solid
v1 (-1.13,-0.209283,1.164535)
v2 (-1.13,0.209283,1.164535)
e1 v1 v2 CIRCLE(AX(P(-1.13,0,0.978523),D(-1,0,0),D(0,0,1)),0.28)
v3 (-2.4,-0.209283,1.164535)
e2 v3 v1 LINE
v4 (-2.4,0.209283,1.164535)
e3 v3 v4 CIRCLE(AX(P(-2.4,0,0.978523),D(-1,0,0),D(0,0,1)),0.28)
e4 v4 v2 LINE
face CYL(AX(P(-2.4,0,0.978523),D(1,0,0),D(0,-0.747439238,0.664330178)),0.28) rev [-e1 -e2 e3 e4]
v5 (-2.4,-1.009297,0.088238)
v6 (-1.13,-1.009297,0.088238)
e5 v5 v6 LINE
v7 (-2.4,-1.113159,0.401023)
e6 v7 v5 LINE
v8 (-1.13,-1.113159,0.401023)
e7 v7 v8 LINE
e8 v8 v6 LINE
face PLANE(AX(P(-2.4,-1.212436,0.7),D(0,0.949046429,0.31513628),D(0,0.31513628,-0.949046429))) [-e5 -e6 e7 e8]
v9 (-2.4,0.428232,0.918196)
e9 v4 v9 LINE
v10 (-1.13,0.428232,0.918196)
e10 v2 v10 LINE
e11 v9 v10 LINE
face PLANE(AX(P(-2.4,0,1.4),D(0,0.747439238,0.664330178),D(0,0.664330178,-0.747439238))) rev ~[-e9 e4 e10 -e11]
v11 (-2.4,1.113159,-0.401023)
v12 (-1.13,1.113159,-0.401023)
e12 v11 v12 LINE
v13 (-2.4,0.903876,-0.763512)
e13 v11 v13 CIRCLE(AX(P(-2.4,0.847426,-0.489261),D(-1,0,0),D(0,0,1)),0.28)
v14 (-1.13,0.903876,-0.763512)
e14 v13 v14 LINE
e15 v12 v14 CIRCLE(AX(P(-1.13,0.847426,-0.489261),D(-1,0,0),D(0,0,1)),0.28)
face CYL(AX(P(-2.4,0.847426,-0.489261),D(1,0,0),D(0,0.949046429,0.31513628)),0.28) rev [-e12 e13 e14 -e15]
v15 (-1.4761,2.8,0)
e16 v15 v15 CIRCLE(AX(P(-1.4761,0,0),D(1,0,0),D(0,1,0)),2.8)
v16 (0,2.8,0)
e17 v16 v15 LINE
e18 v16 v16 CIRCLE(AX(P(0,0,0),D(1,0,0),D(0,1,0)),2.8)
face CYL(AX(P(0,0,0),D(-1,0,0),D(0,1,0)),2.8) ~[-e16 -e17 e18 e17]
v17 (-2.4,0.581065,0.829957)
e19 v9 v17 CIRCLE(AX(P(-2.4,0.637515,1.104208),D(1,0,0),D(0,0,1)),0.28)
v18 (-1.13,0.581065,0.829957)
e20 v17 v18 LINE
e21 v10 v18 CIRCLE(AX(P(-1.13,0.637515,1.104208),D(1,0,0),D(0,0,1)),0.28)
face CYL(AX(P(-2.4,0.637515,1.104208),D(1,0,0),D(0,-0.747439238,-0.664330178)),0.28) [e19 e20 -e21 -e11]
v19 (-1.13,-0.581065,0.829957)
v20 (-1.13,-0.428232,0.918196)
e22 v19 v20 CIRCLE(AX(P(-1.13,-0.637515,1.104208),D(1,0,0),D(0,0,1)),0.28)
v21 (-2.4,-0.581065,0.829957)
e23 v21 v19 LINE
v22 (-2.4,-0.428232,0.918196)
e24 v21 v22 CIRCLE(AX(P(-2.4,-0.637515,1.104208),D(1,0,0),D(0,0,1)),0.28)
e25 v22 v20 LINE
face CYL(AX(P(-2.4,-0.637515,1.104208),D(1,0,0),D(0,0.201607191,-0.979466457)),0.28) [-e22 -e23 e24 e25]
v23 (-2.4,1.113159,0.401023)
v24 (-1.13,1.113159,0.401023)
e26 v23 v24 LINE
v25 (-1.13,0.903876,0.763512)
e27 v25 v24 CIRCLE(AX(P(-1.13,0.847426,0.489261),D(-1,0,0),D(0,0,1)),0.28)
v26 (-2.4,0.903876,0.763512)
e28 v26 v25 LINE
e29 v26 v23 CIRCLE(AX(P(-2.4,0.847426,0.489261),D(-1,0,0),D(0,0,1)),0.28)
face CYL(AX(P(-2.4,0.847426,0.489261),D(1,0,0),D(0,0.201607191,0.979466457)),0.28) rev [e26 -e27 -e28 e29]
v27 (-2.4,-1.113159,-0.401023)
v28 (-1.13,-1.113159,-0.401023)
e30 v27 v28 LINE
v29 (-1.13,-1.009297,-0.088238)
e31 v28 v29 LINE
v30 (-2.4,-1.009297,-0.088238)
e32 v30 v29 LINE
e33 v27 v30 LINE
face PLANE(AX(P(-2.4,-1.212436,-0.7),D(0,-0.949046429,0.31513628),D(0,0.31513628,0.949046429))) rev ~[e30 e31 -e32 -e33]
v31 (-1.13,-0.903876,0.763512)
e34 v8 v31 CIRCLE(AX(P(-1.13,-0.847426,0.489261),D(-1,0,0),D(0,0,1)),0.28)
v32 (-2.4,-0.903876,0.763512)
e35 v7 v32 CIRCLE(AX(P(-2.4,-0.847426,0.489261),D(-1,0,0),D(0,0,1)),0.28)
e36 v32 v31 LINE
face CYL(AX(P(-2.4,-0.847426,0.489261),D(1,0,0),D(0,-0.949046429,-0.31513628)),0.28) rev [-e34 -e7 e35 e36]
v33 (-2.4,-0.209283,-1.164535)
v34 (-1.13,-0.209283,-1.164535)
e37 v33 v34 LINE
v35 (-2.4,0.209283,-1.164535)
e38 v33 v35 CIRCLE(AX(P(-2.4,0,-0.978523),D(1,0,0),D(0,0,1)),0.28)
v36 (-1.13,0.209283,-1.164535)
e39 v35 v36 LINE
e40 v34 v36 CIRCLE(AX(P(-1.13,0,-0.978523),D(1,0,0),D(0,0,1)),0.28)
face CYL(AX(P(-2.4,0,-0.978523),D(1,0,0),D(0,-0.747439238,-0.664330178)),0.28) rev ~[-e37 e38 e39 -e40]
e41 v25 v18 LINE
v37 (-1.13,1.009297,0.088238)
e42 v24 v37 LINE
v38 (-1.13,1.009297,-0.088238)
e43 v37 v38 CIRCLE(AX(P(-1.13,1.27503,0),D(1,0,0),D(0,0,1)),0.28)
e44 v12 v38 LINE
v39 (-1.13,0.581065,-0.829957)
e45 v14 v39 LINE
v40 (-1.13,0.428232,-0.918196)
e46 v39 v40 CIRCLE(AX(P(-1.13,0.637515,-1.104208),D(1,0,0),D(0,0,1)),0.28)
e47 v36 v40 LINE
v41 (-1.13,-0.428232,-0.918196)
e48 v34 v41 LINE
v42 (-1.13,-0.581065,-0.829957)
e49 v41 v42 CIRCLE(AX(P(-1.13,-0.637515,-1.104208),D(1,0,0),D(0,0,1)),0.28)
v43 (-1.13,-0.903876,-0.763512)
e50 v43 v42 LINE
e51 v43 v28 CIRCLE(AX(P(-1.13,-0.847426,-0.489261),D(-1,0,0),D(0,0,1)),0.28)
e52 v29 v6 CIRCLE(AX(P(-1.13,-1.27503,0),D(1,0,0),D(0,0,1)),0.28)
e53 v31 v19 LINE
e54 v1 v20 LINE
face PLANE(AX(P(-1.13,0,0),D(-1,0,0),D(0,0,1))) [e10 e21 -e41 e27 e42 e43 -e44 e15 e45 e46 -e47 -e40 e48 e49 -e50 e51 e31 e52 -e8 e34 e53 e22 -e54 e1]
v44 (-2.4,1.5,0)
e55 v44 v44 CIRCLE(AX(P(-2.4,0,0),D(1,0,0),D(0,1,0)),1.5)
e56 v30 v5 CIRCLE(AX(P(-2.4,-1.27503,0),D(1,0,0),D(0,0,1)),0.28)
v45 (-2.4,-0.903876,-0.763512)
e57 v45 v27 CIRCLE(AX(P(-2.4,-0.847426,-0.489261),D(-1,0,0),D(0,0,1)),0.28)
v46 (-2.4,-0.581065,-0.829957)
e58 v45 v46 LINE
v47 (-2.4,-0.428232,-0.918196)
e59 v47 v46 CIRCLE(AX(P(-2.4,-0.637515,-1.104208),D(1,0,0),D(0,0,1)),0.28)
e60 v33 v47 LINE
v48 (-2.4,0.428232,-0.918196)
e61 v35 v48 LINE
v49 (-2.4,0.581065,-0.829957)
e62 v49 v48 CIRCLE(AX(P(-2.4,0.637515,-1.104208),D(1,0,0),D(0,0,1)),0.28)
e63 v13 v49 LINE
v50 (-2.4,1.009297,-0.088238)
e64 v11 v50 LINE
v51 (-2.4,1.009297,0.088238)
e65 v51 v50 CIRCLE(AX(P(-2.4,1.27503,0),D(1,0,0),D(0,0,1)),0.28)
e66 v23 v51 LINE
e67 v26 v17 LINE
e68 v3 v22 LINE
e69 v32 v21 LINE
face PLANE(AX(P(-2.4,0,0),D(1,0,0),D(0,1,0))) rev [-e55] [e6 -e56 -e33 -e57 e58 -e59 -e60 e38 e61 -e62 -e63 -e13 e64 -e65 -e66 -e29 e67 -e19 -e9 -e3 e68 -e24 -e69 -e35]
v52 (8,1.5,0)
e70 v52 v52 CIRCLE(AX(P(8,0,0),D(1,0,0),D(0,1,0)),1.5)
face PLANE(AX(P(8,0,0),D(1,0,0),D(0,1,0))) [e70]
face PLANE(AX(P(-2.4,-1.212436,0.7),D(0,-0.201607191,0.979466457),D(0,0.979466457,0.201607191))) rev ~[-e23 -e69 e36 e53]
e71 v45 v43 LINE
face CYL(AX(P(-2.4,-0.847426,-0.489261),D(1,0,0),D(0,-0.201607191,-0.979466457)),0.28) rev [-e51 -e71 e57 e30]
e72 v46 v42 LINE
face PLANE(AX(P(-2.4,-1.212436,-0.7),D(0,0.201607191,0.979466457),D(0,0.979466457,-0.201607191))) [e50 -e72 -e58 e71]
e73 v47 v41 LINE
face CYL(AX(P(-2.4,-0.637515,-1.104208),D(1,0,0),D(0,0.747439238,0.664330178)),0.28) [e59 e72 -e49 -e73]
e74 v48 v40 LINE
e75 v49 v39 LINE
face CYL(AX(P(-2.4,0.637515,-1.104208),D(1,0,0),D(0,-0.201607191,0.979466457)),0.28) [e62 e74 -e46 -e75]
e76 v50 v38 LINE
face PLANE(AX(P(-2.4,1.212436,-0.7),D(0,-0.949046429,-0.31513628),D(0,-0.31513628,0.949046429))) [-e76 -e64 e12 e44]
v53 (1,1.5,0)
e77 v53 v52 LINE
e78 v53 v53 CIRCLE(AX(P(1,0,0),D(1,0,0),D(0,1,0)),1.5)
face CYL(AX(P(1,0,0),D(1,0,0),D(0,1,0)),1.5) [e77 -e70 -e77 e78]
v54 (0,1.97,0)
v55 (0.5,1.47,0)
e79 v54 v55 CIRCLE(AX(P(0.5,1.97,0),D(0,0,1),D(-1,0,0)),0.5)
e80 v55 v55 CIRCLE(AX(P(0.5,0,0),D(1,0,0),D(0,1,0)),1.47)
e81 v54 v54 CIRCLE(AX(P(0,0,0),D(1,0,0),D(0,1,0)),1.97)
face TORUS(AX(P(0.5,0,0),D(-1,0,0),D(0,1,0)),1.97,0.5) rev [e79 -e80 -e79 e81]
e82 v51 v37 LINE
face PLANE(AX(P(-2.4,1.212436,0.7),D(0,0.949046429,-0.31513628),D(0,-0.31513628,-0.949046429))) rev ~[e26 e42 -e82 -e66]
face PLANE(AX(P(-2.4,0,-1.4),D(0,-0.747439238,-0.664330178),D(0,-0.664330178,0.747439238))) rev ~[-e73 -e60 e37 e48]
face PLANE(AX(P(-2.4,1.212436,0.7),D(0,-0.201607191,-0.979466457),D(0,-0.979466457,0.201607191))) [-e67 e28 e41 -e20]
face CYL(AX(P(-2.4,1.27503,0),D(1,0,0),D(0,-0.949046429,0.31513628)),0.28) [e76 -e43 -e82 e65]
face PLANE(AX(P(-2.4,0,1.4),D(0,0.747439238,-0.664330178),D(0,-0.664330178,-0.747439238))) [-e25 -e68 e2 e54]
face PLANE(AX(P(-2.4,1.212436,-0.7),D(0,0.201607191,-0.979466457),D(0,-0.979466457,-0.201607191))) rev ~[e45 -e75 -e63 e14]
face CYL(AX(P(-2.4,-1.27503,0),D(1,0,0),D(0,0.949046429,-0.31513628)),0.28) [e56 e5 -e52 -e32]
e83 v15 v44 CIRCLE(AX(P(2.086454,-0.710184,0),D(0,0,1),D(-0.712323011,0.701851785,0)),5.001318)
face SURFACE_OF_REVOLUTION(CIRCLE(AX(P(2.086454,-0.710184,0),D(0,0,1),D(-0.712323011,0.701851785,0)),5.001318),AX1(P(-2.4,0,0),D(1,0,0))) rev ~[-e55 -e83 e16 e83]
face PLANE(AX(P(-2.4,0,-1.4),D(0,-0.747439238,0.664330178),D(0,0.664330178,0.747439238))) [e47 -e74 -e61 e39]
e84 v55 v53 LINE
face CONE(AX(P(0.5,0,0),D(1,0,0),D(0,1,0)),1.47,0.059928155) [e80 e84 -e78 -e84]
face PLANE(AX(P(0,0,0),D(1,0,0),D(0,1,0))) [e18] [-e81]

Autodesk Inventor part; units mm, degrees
ref_plane "YZ Plane" through (0, 0, 0) normal (1, 0, 0) x (0, 1, 0)
ref_plane "XZ Plane" through (0, 0, 0) normal (0, 1, 0) x (-1, 0, 0)
ref_plane "XY Plane" through (0, 0, 0) normal (0, 0, 1) x (1, 0, 0)
sketch "Sketch4" plane through (0, 0, 0) normal (0, 0, 1) x (1, 0, 0)
  line L0 (-2.4, 0) -> (8, 0)
  line L1 (0, 0) -> (-2.4, 0)
  line L2 (0, 2.8) -> (0, 1.97)
  line L3 (0.5, 1.47) -> (0.5, 1.47)
  line L4 (0.5, 1.47) -> (1, 1.5)
  arc A0 (0, 1.97) -> (0.5, 1.47) centre (0.5, 1.97) ccw
  line L5 (-2.4, 0) -> (-2.4, 1.5)
  line L6 (0, 2.8) -> (-1.4761, 2.8)
  arc A1 (-1.4761, 2.8) -> (-2.4, 1.5) centre (2.0854, -0.7093) ccw
  line L7 (1, 1.5) -> (8, 1.5)
  line L8 (8, 1.5) -> (8, 0)
  point P0 (0, 1.47)
  dimension "d71" = 0.5
  dimension "d72" = 8
  dimension "d74" = 0.5
  dimension "d75" = 2.94
  dimension "d78" = 3
  dimension "d82" = 5
  dimension "d83" = 2.4
  dimension "d84" = 5.6
  dimension "d104" = 7
  dimension "d105" = 3
revolve "Revolution7" add sketch "Sketch4" angle 360 about axis through (-2.4, 0, 0) along (1, 0, 0)
sketch "Sketch5" plane through (-2.4, 0, 0) normal (-1, 0, 0) x (0, 0, 1)
  circle A0 centre (0, 0) radius 1.4 construction
  circle A1 centre (0, 0) radius 0.98 construction
  line L0 (0, 0) -> (-0.8487, 0.49)
  line L1 (0, 0) -> (-0.8487, -0.49)
  line L2 (-1.8008, 0) -> (1.7887, 0)
  line L3 (-1.4, 0) -> (-0.8487, -0.49)
  line L4 (-1.4, 0) -> (-0.8487, 0.49)
  point P0 (0, 0)
  dimension "d88" = 2.8
  dimension "d89" = 1.96
  dimension "d90" = 30
  dimension "d91" = 30
extrude "Extrusion1" cut sketch "Sketch5" against normal blind 1.27
pattern_circular "Circular Pattern1" count 6 over 360 about axis through (-10, 0, 0) along (1, 0, 0) of "Extrusion1"
fillet "Fillet1" radius 0.28 12 edges at (-1.765, -1.2124, -0.7) (-1.765, -0.49, -0.8487) (-1.765, -0.98, 0) (-1.765, -1.2124, 0.7) (-1.765, -0.49, 0.8487) (-1.765, 0, 1.4) (-1.765, 0.98, 0) (-1.765, 1.2124, 0.7) (-1.765, 0.49, 0.8487) (-1.765, 0.49, -0.8487) (-1.765, 0, -1.4) (-1.765, 1.2124, -0.7)
thread "Thread7" size "M3x0.5" class "6g" standard "ISO Metric profile" length 7
properties part number "Šroub s válcovou hlavou a šestiramennou drážkou ISO 14583 - M3 x 8 - 4.8" material "Ocel"
